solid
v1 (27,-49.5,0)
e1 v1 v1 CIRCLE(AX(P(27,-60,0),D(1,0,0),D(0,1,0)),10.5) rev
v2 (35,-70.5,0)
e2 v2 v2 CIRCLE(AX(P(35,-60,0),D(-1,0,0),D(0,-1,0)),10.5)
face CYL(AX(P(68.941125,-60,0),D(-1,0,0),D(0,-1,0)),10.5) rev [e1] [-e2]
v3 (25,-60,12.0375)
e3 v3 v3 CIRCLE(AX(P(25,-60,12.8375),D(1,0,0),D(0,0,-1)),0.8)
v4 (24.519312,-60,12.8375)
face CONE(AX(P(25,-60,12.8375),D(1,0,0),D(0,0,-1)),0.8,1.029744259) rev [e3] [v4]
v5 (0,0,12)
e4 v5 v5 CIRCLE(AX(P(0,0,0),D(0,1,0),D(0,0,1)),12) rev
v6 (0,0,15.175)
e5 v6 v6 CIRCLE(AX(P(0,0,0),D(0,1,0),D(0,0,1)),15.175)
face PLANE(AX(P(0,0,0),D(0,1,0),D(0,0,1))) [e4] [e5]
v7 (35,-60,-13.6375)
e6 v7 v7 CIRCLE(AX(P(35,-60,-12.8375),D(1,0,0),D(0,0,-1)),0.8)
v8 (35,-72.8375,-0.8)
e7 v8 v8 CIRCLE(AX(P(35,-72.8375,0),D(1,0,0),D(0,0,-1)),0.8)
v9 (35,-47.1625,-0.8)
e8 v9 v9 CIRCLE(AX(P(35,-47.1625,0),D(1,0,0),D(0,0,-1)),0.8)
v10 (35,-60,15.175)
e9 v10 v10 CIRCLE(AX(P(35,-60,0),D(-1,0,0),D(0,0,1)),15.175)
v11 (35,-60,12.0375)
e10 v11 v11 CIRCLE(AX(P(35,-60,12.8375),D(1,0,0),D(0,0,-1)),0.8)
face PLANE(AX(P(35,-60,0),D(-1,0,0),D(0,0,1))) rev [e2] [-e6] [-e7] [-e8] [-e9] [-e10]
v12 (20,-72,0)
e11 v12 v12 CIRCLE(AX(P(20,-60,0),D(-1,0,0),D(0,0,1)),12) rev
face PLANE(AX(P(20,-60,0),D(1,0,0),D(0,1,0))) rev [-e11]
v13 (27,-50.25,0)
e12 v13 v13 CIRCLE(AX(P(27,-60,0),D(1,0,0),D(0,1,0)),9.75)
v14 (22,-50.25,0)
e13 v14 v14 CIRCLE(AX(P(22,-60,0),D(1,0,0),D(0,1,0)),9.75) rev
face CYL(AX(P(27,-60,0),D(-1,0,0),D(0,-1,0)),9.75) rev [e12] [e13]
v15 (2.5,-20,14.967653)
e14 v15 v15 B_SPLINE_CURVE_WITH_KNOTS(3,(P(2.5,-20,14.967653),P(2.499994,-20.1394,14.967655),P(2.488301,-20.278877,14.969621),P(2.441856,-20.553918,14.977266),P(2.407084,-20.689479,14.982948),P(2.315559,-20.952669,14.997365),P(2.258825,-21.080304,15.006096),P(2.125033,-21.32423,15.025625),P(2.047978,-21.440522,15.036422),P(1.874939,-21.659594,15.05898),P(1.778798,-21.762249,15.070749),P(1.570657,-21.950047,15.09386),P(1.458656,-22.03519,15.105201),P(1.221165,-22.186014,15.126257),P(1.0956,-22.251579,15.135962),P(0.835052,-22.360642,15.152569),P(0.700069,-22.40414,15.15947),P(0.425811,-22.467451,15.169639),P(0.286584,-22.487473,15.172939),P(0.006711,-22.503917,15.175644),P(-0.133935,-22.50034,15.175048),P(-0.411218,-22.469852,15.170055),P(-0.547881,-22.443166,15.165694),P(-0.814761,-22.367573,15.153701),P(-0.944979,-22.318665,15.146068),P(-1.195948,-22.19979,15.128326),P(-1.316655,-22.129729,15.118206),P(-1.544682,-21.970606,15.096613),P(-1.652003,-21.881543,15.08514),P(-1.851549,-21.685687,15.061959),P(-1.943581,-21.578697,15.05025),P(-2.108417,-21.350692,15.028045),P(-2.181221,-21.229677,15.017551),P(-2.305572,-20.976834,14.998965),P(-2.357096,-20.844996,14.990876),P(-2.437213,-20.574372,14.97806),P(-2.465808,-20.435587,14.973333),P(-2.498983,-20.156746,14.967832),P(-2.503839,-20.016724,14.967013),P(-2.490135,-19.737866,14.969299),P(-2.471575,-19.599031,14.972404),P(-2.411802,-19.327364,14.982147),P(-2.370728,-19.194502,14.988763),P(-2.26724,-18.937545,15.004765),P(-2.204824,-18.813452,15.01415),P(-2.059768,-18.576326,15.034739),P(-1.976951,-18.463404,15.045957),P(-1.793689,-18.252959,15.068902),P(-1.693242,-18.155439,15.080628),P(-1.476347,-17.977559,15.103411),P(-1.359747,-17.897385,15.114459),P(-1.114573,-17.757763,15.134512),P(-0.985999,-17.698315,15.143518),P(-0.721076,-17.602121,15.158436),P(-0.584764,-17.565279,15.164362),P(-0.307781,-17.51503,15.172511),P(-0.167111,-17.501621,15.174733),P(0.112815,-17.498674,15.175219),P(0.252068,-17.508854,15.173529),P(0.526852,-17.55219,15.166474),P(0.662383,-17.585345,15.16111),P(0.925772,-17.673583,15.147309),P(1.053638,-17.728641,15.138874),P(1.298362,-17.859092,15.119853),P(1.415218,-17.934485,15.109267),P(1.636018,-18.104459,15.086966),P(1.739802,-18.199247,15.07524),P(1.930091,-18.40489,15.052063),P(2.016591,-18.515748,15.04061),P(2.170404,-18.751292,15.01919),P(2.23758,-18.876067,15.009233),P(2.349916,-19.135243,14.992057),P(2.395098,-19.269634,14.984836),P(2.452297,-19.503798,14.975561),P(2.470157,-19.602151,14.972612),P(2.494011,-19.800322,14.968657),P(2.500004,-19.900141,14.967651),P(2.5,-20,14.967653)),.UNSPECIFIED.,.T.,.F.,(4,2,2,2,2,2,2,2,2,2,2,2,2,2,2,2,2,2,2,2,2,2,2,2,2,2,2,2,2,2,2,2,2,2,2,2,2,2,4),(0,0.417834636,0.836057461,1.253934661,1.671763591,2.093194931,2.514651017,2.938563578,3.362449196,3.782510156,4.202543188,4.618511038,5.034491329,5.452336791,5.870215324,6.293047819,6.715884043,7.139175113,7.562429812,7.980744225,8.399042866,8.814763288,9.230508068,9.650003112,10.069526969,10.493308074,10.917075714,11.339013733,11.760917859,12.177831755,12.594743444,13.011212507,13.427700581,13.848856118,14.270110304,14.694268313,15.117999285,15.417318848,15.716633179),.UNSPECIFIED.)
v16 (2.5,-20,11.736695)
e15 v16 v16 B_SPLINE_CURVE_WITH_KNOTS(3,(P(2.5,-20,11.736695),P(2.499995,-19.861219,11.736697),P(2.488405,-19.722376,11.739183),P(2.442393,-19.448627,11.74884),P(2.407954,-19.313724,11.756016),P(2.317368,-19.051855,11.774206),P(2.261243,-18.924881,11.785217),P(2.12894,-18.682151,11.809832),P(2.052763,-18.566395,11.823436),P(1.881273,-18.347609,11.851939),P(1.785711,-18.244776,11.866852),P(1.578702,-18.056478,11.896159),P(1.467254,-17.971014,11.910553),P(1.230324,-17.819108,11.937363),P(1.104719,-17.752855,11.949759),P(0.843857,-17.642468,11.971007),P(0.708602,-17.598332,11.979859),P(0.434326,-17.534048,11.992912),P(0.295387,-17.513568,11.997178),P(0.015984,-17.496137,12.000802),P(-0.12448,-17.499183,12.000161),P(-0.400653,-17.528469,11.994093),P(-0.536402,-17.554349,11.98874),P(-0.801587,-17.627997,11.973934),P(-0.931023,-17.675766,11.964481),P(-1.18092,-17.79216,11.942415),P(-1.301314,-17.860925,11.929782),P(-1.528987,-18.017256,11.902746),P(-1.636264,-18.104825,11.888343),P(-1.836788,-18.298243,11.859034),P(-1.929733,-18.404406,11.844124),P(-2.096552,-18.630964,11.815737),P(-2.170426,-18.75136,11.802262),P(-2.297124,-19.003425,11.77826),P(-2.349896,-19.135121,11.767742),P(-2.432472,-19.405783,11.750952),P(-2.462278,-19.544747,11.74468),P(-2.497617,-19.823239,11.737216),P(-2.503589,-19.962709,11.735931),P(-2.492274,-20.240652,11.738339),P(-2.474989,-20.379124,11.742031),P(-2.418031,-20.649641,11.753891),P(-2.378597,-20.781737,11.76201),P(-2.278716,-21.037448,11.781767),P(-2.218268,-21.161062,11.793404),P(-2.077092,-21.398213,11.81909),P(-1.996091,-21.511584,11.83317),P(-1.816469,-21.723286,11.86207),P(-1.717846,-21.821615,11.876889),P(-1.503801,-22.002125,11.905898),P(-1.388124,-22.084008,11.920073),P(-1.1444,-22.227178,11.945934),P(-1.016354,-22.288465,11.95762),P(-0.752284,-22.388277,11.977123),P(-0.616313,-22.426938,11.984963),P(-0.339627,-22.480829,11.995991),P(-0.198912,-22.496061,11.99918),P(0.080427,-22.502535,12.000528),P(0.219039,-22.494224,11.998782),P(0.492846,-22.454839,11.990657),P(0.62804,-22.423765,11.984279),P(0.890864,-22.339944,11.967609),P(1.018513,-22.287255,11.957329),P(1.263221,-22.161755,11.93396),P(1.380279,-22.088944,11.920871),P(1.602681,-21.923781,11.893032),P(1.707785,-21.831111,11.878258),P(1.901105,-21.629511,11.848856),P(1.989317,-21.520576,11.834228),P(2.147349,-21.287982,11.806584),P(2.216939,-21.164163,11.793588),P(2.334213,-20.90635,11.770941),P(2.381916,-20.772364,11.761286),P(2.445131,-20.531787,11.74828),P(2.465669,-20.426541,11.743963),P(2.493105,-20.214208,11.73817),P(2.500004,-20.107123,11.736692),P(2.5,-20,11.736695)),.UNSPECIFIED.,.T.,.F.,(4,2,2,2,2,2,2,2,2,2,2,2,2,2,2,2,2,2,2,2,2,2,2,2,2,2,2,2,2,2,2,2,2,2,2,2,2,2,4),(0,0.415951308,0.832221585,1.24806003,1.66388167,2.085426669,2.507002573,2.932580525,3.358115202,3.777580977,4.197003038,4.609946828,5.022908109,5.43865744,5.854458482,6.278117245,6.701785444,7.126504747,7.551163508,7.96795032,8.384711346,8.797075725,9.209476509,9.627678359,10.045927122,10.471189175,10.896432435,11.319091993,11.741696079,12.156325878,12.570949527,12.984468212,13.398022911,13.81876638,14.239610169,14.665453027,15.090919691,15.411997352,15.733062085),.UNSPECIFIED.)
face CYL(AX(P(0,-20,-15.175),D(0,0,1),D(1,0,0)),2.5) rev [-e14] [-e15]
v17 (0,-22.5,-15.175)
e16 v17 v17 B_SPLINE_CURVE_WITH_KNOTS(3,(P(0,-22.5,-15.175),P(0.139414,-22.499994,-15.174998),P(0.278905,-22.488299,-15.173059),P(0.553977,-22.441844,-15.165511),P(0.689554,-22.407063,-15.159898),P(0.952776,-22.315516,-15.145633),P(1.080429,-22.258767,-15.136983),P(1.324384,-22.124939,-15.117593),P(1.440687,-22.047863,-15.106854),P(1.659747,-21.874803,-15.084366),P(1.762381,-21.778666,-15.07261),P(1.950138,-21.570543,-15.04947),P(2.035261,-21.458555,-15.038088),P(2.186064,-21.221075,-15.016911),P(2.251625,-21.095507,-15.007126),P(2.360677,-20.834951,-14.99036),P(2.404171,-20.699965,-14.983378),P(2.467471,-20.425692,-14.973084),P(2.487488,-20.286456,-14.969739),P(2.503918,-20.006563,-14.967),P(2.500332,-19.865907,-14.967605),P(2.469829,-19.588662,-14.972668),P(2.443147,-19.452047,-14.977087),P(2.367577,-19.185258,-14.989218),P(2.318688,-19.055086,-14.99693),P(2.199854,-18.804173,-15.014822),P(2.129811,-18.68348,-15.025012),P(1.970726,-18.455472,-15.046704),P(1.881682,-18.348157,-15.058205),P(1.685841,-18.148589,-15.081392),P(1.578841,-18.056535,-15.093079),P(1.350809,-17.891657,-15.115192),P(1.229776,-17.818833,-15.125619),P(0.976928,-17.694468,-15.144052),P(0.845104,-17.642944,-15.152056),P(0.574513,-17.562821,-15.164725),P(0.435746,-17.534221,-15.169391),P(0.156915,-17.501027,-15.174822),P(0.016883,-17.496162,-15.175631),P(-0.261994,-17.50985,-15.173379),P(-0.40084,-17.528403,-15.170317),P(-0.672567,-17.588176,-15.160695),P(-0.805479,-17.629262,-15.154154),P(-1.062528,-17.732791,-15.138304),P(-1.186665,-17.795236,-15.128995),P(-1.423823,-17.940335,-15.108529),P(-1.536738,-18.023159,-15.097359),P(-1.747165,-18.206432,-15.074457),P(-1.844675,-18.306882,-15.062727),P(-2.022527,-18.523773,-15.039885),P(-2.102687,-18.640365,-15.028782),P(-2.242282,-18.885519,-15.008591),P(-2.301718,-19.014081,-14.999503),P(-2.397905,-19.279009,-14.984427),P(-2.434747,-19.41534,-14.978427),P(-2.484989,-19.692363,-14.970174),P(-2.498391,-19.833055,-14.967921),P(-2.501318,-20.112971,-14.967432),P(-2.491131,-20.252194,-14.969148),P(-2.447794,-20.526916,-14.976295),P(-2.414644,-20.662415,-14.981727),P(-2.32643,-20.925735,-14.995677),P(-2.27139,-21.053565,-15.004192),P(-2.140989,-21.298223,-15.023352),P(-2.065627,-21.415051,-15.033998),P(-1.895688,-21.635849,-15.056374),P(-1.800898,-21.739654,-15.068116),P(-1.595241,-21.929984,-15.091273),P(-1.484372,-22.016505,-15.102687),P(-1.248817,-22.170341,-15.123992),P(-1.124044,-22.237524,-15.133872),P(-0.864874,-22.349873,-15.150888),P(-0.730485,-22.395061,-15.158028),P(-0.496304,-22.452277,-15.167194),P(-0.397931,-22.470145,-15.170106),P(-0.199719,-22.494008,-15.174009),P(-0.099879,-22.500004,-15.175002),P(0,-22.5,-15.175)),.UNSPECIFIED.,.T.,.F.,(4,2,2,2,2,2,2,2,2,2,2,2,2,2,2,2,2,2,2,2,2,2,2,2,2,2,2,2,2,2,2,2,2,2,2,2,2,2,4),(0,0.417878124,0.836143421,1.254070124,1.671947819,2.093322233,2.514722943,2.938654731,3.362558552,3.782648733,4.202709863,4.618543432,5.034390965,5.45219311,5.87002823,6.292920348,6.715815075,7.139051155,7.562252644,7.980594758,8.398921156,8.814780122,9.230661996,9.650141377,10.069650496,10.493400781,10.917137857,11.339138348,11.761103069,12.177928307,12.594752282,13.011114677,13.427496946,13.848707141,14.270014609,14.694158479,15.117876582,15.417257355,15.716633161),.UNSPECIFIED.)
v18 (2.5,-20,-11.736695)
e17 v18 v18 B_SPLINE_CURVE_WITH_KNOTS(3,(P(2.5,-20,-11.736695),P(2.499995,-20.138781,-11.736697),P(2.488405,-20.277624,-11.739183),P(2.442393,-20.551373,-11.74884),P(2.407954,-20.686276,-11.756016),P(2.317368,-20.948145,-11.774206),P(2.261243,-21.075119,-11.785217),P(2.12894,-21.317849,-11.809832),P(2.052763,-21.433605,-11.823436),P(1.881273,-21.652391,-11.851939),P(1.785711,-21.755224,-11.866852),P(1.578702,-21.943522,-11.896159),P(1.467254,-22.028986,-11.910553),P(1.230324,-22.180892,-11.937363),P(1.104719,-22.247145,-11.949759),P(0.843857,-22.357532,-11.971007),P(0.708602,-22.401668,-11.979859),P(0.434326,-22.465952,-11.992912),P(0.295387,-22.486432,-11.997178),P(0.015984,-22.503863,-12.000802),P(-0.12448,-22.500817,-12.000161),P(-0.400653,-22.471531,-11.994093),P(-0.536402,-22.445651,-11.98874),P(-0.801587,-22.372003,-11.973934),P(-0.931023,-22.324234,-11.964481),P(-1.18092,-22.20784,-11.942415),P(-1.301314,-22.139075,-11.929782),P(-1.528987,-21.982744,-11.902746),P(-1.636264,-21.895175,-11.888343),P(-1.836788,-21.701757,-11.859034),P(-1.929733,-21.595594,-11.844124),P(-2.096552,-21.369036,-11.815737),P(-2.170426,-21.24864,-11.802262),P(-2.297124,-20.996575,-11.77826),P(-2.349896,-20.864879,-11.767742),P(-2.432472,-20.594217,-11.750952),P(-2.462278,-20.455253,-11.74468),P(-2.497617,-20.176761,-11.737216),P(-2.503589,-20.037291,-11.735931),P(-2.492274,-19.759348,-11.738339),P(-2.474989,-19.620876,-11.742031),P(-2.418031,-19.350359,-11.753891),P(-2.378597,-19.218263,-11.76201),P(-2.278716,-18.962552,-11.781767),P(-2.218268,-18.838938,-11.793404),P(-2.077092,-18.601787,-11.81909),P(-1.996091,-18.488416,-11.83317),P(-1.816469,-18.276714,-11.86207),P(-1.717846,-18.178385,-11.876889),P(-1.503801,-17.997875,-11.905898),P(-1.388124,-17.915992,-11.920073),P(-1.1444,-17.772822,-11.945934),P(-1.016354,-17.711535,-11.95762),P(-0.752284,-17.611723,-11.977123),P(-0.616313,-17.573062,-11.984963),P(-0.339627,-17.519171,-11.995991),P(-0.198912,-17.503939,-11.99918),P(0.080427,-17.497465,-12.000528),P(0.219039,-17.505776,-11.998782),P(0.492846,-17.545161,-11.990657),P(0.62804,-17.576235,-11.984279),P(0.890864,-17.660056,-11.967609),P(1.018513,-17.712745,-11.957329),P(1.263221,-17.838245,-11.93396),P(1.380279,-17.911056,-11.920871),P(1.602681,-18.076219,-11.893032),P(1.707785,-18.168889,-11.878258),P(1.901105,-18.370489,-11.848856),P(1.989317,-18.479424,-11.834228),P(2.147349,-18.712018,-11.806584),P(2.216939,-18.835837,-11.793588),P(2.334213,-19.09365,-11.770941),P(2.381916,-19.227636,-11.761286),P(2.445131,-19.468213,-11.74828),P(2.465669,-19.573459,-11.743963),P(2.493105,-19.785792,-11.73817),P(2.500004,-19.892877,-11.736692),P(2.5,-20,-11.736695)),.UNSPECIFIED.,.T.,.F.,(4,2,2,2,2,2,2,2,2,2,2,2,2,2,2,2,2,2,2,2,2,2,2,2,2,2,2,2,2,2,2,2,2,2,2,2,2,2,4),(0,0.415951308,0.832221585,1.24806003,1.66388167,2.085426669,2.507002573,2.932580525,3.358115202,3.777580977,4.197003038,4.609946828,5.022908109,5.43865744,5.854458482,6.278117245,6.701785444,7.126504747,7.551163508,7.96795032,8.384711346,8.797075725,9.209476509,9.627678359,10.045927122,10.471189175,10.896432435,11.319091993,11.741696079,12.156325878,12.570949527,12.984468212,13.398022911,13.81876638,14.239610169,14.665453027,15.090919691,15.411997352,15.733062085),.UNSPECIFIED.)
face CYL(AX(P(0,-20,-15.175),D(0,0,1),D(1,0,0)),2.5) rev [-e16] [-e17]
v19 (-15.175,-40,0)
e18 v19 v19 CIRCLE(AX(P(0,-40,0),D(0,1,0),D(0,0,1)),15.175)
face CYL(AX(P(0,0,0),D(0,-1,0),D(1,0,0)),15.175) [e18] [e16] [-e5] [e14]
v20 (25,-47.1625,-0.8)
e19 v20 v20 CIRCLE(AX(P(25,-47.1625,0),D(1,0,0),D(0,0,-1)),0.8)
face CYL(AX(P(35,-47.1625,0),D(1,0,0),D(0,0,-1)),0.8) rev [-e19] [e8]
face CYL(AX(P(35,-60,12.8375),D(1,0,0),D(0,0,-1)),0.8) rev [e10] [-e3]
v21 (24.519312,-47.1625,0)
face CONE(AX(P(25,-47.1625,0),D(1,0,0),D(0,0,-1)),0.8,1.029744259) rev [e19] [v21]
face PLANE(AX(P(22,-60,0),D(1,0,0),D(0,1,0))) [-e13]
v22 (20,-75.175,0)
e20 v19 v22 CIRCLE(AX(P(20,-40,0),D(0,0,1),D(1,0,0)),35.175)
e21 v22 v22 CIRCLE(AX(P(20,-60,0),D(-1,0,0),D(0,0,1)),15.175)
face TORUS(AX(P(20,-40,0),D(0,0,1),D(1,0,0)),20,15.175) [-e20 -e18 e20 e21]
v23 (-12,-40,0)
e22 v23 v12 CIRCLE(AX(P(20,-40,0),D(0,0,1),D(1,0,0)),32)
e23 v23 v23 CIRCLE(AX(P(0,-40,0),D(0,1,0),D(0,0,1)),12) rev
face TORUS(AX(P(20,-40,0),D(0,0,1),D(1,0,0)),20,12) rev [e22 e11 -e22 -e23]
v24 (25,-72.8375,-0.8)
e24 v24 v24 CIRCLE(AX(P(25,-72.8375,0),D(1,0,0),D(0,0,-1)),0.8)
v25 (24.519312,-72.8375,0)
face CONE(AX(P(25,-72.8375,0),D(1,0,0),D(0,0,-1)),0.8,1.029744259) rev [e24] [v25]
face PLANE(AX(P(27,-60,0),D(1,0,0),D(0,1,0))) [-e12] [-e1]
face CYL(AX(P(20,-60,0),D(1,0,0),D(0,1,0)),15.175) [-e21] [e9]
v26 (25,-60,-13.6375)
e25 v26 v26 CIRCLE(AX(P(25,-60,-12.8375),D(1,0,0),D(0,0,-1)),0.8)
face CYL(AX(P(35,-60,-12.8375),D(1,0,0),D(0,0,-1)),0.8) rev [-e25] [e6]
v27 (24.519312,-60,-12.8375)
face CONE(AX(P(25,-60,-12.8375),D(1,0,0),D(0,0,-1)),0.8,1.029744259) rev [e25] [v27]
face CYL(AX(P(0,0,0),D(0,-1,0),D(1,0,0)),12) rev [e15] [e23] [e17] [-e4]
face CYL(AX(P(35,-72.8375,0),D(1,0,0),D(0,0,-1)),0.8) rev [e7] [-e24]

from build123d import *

# Parameters (mm, degrees)
SKETCH1_R                       = 15.175
SKETCH1_R_2                     = 12
SKETCH3_R                       = 12
BOSS_EXTRUDE1_DEPTH             = 2
SKETCH4_R                       = 12
SKETCH4_R_2                     = 9.75
BOSS_EXTRUDE4_DEPTH             = 5
SKETCH6_R                       = 12
SKETCH6_R_2                     = 10.5
BOSS_EXTRUDE5_DEPTH             = 8
SKETCH7_R                       = 2.5
CUT_EXTRUDE2_DEPTH              = 16.1750001
CUT_EXTRUDE2_DEPTH_BACK         = 16.1750001
TAP_DRILL_FOR_M2X0_4_TAP1_D     = 1.6
TAP_DRILL_FOR_M2X0_4_TAP1_DEPTH = 10
TAP_DRILL_FOR_M2X0_4_TAP1_TIP   = 0.480688495


with BuildPart() as part:
    # Sweep1: sweep along a path in Sketch2
    with BuildLine(Plane.XY) as sweep1_path:
        Line((0, 0), (0, -40))
        ThreePointArc((0, -40), (5.857864376, -54.142135624), (20, -60))
        Line((20, -60), (35, -60))
    # Sketch1 → Sweep1 (sweep)
    with BuildSketch(Plane(origin=(0, 0, 0), x_dir=(1, 0, 0), z_dir=(0, 1, 0))):
        Circle(SKETCH1_R)
        Circle(SKETCH1_R_2, mode=Mode.SUBTRACT)
    sweep(path=sweep1_path.line)

    # Sketch3 → Boss-Extrude1 (add)
    with BuildSketch(Plane(origin=(20, 0, 0), x_dir=(0, 0, -1), z_dir=(1, 0, 0))):
        with Locations((0, -60)):
            Circle(SKETCH3_R)
    extrude(amount=BOSS_EXTRUDE1_DEPTH)

    # Sketch4 → Boss-Extrude4 (add)
    with BuildSketch(Plane(origin=(22, 0, 0), x_dir=(0, 0, -1), z_dir=(1, 0, 0))):
        with Locations((0, -60)):
            Circle(SKETCH4_R)
        with Locations((0, -60)):
            Circle(SKETCH4_R_2, mode=Mode.SUBTRACT)
    extrude(amount=BOSS_EXTRUDE4_DEPTH)

    # Sketch6 → Boss-Extrude5 (add)
    with BuildSketch(Plane(origin=(27, 0, 0), x_dir=(0, 0, -1), z_dir=(1, 0, 0))):
        with Locations((0, -60)):
            Circle(SKETCH6_R)
        with Locations((0, -60)):
            Circle(SKETCH6_R_2, mode=Mode.SUBTRACT)
    extrude(amount=BOSS_EXTRUDE5_DEPTH)

    # Sketch7 → Cut-Extrude2 (cut, two sides)
    with BuildSketch(Plane.XY) as cut_extrude2_sk:
        with Locations((0, -20)):
            Circle(SKETCH7_R)
    extrude(amount=CUT_EXTRUDE2_DEPTH, mode=Mode.SUBTRACT)
    extrude(cut_extrude2_sk.sketch, amount=-CUT_EXTRUDE2_DEPTH_BACK, mode=Mode.SUBTRACT)

    # Tap Drill for M2x0.4 Tap1
    with Locations(Plane(origin=(35, 0, 0), x_dir=(0, 0, -1), z_dir=(1, 0, 0))):
        with Locations((0, -47.1625), (12.8375, -60), (0, -72.8375), (-12.8375, -60)):
            Hole(TAP_DRILL_FOR_M2X0_4_TAP1_D / 2, depth=TAP_DRILL_FOR_M2X0_4_TAP1_DEPTH)
            with Locations((0, 0, -(TAP_DRILL_FOR_M2X0_4_TAP1_DEPTH + TAP_DRILL_FOR_M2X0_4_TAP1_TIP / 2))):  # 118° drill point
                Cone(0, TAP_DRILL_FOR_M2X0_4_TAP1_D / 2, TAP_DRILL_FOR_M2X0_4_TAP1_TIP, mode=Mode.SUBTRACT)


solid = part.part
